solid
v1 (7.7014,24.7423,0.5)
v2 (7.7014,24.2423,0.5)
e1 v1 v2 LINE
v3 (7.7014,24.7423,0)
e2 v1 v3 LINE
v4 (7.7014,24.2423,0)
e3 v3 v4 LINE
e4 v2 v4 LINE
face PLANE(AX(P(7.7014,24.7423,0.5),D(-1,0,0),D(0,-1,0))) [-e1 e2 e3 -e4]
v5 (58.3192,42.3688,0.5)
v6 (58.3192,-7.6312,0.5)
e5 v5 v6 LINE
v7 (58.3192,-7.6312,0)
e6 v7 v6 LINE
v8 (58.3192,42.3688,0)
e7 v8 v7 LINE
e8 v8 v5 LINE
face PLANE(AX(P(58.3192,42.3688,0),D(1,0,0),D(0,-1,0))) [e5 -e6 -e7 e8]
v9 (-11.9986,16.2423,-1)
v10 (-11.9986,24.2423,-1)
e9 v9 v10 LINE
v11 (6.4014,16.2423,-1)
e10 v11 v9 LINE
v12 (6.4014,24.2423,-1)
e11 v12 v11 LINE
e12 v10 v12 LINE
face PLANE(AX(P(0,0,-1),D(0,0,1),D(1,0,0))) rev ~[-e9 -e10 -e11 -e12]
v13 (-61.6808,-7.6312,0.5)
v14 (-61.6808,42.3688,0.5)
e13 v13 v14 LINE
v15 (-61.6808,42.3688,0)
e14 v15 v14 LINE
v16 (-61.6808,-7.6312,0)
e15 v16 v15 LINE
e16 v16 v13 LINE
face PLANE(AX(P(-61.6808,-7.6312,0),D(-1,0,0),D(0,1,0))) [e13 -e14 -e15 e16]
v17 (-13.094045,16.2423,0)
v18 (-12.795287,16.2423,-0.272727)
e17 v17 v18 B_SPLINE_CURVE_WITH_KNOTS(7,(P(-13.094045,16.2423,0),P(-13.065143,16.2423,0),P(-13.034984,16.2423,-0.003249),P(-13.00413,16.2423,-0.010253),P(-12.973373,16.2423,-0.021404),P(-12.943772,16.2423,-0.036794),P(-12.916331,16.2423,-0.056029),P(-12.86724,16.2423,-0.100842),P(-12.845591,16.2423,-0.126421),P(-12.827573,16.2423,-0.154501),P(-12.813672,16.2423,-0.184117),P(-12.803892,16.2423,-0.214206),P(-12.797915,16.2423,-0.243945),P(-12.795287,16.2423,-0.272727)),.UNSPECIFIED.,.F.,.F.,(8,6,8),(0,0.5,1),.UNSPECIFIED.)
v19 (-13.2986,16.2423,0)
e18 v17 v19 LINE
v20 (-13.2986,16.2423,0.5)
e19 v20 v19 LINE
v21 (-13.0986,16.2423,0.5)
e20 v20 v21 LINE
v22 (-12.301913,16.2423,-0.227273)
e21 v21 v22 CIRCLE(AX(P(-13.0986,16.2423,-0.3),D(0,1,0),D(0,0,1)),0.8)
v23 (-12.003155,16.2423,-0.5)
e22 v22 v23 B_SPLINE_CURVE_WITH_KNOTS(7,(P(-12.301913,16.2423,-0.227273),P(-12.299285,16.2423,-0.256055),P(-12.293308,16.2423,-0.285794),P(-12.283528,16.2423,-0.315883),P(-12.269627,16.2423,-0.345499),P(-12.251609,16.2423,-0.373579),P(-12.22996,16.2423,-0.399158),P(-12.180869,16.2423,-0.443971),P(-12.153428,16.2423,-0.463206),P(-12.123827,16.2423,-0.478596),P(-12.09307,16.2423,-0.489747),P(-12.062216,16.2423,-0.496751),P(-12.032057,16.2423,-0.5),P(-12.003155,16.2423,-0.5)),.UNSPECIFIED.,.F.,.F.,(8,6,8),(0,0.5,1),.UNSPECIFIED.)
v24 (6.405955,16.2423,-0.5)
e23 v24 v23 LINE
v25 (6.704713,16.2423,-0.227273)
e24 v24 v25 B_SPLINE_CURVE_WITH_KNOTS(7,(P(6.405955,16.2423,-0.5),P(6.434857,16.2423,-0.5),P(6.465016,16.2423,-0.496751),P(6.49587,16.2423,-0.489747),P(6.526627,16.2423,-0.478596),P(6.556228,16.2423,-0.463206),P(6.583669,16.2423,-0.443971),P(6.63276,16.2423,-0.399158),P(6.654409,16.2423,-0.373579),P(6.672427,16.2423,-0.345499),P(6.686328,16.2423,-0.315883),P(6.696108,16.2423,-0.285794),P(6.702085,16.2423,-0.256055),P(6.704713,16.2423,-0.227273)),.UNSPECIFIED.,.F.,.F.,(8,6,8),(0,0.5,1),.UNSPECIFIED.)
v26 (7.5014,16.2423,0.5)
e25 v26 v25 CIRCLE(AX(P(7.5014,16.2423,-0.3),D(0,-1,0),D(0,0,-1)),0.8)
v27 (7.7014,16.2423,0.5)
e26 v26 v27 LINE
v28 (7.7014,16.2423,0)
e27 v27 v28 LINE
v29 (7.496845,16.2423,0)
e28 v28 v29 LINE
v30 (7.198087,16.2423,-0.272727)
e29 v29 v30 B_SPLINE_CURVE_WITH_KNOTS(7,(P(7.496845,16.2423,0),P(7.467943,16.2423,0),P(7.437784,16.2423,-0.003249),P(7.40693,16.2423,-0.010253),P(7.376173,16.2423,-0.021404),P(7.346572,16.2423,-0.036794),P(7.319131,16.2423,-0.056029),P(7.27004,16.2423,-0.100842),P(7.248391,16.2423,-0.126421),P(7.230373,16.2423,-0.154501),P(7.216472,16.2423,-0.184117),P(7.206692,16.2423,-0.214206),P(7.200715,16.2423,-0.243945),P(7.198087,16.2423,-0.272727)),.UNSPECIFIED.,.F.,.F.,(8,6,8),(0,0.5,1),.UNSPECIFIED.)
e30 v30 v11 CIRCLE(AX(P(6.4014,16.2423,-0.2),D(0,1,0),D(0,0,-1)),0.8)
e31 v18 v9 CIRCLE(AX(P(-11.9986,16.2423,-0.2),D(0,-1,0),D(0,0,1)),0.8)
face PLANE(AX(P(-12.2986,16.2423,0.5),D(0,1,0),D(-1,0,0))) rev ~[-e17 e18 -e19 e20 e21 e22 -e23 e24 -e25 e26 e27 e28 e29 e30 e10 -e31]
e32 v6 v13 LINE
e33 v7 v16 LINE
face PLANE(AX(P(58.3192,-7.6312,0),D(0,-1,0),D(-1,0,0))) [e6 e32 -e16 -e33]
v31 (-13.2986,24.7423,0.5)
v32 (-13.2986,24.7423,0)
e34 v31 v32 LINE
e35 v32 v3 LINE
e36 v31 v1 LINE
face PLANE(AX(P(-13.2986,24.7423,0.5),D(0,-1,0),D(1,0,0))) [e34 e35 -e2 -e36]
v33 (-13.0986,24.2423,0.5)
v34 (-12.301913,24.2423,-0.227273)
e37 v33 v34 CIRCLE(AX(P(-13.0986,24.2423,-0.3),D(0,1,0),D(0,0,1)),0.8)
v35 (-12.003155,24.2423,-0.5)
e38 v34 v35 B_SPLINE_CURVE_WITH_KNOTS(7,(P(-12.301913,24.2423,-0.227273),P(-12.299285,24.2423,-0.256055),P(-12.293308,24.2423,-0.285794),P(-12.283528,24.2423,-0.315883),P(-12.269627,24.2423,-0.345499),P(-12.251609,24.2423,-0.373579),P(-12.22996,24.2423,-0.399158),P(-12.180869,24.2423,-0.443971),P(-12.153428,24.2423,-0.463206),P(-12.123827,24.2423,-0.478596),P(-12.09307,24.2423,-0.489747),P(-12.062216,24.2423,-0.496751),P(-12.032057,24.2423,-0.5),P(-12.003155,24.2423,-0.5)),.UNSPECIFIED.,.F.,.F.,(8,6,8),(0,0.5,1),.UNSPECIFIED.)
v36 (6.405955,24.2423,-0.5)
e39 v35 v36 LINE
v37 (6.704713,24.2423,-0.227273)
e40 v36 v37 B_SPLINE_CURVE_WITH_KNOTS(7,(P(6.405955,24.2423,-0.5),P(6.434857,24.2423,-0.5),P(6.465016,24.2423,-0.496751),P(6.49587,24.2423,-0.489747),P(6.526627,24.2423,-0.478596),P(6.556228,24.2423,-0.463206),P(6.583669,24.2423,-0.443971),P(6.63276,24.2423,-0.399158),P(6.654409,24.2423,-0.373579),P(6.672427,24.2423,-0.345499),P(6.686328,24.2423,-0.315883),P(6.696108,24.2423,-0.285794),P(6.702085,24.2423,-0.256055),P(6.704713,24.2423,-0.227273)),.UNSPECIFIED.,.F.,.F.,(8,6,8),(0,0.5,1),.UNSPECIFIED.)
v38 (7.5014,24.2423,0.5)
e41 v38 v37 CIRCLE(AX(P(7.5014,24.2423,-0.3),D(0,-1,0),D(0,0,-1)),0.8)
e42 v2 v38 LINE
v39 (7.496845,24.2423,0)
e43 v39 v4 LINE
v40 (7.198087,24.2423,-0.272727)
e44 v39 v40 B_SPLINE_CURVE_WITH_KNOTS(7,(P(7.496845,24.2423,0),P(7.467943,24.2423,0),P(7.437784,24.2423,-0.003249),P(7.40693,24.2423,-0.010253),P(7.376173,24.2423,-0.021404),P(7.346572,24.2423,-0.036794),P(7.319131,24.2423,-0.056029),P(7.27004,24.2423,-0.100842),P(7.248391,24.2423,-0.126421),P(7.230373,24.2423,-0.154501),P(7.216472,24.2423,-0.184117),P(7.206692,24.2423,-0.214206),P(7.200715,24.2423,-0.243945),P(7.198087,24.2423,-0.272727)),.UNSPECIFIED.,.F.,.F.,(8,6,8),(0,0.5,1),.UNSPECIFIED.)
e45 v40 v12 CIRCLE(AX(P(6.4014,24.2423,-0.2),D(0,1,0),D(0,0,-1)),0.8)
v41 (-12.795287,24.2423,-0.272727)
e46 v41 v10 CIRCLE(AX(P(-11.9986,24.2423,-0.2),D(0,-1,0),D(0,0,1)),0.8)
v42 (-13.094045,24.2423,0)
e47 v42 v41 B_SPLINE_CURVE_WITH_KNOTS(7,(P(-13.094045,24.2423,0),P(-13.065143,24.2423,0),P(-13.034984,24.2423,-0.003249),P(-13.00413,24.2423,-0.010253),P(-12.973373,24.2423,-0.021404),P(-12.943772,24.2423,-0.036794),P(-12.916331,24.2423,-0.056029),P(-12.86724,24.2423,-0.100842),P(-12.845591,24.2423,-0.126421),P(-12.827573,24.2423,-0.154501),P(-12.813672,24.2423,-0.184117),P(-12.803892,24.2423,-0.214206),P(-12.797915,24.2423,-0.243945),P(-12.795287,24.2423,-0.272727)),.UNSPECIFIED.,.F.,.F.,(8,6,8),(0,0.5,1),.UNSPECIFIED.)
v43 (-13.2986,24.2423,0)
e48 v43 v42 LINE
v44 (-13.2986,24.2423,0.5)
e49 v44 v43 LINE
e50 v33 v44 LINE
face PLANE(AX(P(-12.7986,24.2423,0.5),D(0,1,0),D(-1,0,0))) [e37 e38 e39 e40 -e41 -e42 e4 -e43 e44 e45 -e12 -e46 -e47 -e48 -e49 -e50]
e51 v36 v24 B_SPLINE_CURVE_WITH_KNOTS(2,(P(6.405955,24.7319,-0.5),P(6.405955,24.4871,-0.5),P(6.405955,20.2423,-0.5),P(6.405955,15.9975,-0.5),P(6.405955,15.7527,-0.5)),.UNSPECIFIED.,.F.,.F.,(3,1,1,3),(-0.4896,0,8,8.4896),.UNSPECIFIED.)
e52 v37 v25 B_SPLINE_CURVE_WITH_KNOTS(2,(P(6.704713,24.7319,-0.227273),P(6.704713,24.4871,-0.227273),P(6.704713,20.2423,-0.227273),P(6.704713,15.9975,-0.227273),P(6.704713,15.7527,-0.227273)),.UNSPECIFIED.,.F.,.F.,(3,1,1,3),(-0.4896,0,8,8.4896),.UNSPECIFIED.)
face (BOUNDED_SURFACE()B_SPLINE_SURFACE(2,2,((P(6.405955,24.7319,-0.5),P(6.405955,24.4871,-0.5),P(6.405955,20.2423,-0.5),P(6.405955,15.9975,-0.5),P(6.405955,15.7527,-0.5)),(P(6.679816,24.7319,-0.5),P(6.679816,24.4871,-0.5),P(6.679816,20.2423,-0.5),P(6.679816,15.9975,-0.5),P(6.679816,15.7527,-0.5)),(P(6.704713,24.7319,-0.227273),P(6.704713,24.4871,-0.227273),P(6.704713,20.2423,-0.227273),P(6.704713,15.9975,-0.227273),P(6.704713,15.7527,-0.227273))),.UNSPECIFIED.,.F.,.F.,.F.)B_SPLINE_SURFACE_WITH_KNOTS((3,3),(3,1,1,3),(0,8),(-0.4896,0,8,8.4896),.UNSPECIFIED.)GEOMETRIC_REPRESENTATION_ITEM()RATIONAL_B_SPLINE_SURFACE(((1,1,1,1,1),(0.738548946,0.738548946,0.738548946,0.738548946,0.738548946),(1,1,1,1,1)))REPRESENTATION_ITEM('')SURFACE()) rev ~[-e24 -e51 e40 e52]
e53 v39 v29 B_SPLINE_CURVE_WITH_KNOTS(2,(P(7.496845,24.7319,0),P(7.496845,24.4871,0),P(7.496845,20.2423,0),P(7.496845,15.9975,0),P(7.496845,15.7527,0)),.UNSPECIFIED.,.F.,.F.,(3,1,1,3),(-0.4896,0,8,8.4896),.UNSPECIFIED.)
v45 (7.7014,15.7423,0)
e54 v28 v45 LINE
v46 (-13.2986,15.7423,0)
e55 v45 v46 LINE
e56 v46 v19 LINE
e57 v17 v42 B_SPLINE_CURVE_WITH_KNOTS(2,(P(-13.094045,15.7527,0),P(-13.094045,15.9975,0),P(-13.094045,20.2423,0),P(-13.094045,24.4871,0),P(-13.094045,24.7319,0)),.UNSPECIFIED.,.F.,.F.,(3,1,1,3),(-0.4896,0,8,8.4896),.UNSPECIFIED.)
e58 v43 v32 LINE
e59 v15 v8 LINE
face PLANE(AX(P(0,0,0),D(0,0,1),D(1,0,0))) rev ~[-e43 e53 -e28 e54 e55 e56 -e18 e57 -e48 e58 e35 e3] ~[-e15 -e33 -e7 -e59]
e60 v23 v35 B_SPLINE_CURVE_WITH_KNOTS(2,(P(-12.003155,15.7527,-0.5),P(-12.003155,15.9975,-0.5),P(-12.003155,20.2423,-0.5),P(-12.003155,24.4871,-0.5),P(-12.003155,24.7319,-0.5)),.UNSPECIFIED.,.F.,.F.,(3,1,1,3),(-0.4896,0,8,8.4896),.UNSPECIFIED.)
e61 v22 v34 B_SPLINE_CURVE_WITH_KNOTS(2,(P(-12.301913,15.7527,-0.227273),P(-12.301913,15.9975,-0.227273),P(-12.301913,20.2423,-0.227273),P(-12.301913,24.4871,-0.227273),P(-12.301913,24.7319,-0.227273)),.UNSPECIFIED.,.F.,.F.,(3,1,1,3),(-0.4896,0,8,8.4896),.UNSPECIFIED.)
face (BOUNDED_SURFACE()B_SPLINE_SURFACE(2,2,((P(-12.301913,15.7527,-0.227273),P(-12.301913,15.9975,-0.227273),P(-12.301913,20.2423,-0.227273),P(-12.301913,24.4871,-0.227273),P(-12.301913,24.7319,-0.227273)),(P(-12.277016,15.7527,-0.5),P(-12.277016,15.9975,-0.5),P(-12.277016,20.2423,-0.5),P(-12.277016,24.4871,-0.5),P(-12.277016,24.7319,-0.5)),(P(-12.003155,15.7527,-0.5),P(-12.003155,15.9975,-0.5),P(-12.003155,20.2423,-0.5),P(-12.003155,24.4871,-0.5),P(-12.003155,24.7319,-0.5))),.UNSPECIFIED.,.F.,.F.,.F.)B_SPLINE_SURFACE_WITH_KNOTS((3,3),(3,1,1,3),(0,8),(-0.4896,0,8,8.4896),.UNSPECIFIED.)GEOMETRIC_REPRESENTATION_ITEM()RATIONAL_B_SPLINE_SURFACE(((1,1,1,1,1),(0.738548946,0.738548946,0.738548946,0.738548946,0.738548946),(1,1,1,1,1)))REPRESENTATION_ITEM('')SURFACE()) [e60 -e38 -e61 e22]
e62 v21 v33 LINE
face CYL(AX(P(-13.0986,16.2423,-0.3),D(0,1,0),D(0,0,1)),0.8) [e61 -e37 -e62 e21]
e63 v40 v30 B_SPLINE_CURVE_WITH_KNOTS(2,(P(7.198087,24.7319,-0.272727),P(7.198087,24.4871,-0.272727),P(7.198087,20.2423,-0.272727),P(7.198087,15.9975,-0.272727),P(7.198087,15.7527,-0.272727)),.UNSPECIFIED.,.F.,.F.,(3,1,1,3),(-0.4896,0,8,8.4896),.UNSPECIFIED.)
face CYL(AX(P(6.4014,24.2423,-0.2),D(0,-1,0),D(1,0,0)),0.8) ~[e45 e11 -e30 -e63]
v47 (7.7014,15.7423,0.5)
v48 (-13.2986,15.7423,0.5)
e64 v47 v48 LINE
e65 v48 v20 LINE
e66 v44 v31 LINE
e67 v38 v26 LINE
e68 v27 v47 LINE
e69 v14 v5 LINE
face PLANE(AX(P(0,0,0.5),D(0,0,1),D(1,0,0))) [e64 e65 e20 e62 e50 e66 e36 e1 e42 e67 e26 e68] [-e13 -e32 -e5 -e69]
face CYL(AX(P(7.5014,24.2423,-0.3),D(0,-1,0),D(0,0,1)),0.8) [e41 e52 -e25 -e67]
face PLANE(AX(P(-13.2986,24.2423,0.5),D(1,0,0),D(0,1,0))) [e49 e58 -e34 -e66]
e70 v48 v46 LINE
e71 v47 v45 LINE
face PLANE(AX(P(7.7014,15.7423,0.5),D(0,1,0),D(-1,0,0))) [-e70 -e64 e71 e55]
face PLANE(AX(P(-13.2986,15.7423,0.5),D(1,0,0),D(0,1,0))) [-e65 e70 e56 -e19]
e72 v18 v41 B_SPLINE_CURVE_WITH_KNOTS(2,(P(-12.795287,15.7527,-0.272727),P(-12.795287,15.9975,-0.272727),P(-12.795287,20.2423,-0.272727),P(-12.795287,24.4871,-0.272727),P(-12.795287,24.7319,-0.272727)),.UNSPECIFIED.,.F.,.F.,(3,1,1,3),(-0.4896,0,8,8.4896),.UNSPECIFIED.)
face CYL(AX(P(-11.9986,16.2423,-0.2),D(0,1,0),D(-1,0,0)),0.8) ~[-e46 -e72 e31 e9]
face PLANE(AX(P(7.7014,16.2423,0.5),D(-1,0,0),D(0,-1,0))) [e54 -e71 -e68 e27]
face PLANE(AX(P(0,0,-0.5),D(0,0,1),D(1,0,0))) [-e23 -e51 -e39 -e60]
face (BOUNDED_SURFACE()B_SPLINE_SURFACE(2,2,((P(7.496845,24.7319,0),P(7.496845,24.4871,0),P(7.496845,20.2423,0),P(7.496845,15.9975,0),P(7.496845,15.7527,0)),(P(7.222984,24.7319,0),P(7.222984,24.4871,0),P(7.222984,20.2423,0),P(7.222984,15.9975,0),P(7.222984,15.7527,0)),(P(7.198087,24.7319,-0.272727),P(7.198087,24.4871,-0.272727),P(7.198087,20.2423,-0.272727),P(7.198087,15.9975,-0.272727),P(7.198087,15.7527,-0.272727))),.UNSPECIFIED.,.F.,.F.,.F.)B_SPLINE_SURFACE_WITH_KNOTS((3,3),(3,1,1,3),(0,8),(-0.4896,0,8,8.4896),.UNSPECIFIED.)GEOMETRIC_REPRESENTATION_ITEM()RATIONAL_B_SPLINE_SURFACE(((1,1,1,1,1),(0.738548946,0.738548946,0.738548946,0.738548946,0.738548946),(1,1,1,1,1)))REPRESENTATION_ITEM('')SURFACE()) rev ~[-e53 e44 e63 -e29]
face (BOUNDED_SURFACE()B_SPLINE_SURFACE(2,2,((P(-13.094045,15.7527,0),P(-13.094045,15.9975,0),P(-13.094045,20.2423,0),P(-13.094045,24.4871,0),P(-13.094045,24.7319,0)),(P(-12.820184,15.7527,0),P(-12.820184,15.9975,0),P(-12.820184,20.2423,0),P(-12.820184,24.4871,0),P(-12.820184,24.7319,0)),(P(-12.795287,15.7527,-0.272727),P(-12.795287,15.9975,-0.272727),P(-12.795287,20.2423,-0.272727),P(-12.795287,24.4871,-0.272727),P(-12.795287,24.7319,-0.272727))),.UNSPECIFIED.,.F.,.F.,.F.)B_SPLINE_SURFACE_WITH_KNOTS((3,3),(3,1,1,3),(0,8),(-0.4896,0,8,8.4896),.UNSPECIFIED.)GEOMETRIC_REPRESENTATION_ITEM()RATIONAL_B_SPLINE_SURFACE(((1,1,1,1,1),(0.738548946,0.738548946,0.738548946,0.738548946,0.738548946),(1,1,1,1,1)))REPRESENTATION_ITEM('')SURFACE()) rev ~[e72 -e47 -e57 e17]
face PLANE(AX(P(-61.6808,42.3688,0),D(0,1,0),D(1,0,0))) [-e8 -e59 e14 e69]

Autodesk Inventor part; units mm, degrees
ref_plane "YZ Plane" through (0, 0, 0) normal (1, 0, 0) x (0, 1, 0)
ref_plane "XZ Plane" through (0, 0, 0) normal (0, 1, 0) x (-1, 0, 0)
ref_plane "XY Plane" through (0, 0, 0) normal (0, 0, 1) x (1, 0, 0)
sketch "Sketch1" plane through (0, 0, 0) normal (0, 0, 1) x (1, 0, 0)
  line L0 (-61.6808, 42.3688) -> (58.3192, 42.3688)
  line L1 (58.3192, 42.3688) -> (58.3192, -7.6312)
  line L2 (58.3192, -7.6312) -> (-61.6808, -7.6312)
  line L3 (-61.6808, -7.6312) -> (-61.6808, 42.3688)
  dimension "d0" = 50
  dimension "d1" = 120
extrude "Plate1" add sketch "Sketch1" along normal blind 0.5
sketch "Sketch2" plane through (0, 0, 0.5) normal (0, 0, 1) x (1, 0, 0)
  line L0 (-12.7986, 24.2423) -> (7.2014, 24.2423)
  line L1 (7.2014, 24.2423) -> (7.2014, 16.2423)
  line L2 (7.2014, 16.2423) -> (-12.7986, 16.2423)
  line L3 (-12.7986, 16.2423) -> (-12.7986, 24.2423)
  point P0 (-2.7986, 20.2423)
  dimension "LG_G" = 20
  dimension "LT_G" = 8
  dimension "d21" = 4
  dimension "d22" = 10
extrude "Extrusion1" add sketch "Sketch2" against normal blind 1.5
sketch "Sketch3" plane through (0, 0, 0.5) normal (0, 0, 1) x (1, 0, 0)
  line L0 (-12.7986, 24.2423) -> (7.2014, 24.2423) projected
  line L1 (-12.7986, 16.2423) -> (-12.7986, 24.2423) projected
  line L2 (7.2014, 16.2423) -> (-12.7986, 16.2423) projected
  line L3 (7.2014, 24.2423) -> (7.2014, 16.2423) projected
  line L4 (-12.2986, 24.2423) -> (6.7014, 24.2423)
  line L5 (6.7014, 24.2423) -> (6.7014, 16.2423)
  line L6 (6.7014, 16.2423) -> (-12.2986, 16.2423)
  line L7 (-12.2986, 16.2423) -> (-12.2986, 24.2423)
  dimension "d9" = 0.5
  dimension "d10" = 0.5
extrude "Extrusion2" cut sketch "Sketch3" against normal blind 1 contours L0 L5 L2 L7
sketch "Sketch4" plane through (0, 0, 0.5) normal (0, 0, 1) x (1, 0, 0)
  line L0 (-12.7986, 24.2423) -> (7.2014, 24.2423) projected
  line L1 (-12.7986, 16.2423) -> (-12.7986, 24.2423) projected
  line L2 (7.2014, 24.2423) -> (7.2014, 16.2423) projected
  line L3 (7.2014, 16.2423) -> (-12.7986, 16.2423) projected
  line L4 (-13.2986, 24.7423) -> (7.7014, 24.7423)
  line L5 (7.7014, 24.7423) -> (7.7014, 24.2423)
  line L6 (7.7014, 24.2423) -> (-13.2986, 24.2423)
  line L7 (-13.2986, 24.2423) -> (-13.2986, 24.7423)
  line L8 (-13.2986, 16.2423) -> (7.7014, 16.2423)
  line L9 (7.7014, 16.2423) -> (7.7014, 15.7423)
  line L10 (7.7014, 15.7423) -> (-13.2986, 15.7423)
  line L11 (-13.2986, 15.7423) -> (-13.2986, 16.2423)
  line L12 (6.7014, 16.2423) -> (-12.2986, 16.2423) projected
  dimension "d13" = 0.5
  dimension "d14" = 0.5
  dimension "d15" = 0.5
  dimension "d16" = 0.5
extrude "Cut1" cut sketch "Sketch4" against normal blind 0.5 contours L6 L7 L4 L5 L0 | L3 L8 L9 L10 L11
fillet "Fillet1" radius 0.8 4 edges at (-12.2986, 20.2423, 0.5) (6.7014, 20.2423, 0.5) (-12.7986, 20.2423, -1) (7.2014, 20.2423, -1)
fillet "Fillet2" radius 0.3 4 edges at (7.2014, 20.2423, 0) (-12.7986, 20.2423, 0) (-12.2986, 20.2423, -0.5) (6.7014, 20.2423, -0.5)
equation "\"d21\" = 0.5 * LT_G"
equation "\"d22\" = 0.5 * LG_G"
equation "\"d7\" = 3 * Thickness"
equation "\"d9\" = Thickness"
equation "\"d10\" = Thickness"
equation "\"d11\" = 2 * Thickness"
equation "\"d13\" = Thickness"
equation "\"d14\" = Thickness"
equation "\"d15\" = Thickness"
equation "\"d16\" = Thickness"
equation "\"d17\" = Thickness"
equation "\"d2\" = Thickness"
equation "\"BendRadius\" = Thickness"
equation "\"BendReliefWidth\" = Thickness"
equation "\"BendReliefDepth\" = 0.5 * Thickness"
equation "\"CornerReliefSize\" = 4 * Thickness"
equation "\"MinimumRemnant\" = 2 * Thickness"
equation "\"TransitionRadius\" = BendRadius"
equation "\"JacobiRadiusSize\" = BendRadius"
equation "\"GapSize\" = Thickness"
equation "\"Thickness\" = 0.5"
properties part number "DecupajAgatare1"
